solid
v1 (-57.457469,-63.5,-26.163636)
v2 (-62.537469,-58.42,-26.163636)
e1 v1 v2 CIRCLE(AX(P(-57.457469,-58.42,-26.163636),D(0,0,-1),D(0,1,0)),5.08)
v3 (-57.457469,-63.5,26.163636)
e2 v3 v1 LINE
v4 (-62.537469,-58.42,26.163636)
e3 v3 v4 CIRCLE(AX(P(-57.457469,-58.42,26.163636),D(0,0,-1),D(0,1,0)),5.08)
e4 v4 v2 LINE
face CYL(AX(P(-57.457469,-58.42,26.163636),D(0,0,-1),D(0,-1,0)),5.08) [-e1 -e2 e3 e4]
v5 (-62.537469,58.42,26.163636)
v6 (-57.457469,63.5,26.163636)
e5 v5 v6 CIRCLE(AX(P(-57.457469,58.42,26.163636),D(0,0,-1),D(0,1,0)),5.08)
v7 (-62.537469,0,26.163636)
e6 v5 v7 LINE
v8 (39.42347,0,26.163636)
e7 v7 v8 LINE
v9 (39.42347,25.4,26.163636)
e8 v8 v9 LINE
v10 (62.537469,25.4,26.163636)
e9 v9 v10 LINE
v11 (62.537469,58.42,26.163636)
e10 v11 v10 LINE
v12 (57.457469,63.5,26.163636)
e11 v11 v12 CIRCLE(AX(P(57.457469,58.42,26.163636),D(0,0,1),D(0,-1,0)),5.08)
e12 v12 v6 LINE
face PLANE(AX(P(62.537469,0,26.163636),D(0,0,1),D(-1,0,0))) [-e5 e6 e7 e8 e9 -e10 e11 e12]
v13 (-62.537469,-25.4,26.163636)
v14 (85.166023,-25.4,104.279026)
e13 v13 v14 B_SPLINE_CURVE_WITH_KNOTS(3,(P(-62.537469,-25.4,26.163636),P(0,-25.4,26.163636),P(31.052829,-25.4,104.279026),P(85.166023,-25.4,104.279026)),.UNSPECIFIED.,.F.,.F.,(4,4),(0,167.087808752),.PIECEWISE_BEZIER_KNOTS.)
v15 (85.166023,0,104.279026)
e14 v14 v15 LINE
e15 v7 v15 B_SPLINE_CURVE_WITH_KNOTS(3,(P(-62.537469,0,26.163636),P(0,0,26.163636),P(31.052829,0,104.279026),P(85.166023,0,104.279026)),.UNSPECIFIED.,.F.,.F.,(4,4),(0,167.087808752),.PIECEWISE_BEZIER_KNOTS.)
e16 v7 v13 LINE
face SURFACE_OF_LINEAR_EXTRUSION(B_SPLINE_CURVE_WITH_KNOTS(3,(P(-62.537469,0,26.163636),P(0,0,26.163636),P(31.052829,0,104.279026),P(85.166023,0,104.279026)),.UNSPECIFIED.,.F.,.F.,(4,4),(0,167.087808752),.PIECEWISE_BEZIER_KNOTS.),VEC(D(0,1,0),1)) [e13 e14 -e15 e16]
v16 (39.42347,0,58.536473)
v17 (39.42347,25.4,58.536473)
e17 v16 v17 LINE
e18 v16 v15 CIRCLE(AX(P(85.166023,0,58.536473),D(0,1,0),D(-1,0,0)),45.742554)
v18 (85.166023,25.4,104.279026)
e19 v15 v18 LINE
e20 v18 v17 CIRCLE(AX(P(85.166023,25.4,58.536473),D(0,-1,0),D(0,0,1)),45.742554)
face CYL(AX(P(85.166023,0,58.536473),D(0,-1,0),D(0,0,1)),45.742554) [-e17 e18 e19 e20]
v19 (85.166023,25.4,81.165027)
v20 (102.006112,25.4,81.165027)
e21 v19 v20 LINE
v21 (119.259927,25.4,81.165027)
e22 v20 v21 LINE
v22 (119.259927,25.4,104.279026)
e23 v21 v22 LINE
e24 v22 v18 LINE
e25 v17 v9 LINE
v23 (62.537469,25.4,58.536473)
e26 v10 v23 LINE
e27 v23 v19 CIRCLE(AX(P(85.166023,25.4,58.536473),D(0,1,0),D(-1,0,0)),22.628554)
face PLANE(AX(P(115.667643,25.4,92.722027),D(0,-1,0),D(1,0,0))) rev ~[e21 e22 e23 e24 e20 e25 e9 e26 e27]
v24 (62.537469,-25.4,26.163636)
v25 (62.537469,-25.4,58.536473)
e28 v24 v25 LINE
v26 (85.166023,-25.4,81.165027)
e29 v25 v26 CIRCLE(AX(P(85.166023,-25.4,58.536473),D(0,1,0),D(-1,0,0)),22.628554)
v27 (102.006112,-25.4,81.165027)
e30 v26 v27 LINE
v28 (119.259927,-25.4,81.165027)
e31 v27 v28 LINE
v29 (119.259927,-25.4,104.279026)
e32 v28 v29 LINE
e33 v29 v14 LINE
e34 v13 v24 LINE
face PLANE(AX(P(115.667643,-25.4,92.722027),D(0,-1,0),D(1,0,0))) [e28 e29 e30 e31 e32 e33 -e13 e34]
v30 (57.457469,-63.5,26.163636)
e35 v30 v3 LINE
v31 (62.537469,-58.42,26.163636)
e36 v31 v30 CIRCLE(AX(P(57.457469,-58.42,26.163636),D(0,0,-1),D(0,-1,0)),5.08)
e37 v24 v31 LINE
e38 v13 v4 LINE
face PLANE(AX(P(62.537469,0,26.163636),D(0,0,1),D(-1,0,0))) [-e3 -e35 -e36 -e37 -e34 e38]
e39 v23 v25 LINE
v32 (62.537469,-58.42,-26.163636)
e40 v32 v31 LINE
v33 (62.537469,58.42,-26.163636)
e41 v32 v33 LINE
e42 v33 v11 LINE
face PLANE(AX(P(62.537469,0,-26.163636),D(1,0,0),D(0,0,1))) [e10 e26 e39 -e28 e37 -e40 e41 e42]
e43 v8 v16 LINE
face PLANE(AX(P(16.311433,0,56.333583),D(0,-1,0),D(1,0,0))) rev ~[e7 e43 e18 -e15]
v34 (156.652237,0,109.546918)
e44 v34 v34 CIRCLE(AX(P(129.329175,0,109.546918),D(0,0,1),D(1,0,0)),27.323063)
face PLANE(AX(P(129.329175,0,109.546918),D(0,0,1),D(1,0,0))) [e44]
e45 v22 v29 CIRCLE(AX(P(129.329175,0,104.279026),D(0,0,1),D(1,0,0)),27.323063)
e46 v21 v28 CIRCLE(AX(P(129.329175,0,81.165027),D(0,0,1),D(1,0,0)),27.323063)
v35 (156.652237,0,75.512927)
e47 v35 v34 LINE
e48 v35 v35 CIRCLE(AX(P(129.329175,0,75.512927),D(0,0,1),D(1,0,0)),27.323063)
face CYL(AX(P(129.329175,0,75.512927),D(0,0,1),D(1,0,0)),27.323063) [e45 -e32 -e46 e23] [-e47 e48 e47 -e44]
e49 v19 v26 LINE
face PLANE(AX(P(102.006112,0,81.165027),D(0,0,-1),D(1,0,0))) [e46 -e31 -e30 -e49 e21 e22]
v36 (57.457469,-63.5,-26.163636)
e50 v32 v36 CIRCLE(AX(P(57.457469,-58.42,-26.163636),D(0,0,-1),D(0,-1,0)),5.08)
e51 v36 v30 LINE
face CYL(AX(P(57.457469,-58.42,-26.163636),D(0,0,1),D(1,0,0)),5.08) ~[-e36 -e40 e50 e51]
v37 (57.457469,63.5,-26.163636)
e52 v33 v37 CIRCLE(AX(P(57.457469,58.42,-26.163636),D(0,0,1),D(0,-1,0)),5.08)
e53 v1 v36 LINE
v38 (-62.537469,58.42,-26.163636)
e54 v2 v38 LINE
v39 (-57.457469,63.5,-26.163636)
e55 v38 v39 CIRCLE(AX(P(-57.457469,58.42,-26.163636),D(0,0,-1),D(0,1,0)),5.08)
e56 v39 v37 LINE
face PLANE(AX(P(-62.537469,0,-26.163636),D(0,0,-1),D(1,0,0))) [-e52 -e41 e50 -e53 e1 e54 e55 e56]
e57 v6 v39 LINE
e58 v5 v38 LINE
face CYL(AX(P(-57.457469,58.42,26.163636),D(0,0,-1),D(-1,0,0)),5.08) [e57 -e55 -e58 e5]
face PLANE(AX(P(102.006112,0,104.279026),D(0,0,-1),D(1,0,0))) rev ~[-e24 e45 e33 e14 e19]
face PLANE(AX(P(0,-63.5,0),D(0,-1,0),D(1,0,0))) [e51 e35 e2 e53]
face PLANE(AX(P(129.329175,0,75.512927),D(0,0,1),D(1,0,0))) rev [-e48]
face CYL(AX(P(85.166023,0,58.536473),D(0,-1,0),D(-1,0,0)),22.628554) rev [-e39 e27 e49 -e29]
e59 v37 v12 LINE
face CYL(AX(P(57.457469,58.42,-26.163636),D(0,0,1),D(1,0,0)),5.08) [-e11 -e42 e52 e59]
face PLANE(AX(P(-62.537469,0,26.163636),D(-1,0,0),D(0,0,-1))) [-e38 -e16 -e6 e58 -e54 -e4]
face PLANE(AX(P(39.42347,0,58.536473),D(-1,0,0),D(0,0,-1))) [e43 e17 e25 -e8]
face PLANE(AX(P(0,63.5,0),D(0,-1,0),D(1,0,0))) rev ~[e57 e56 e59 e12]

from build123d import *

# Parameters (mm, degrees)
F1_DEPTH = 63.5
F2_DEPTH = 25.4
F3_DEPTH = 25.4
F0_W     = 27.3230625695
F0_H     = 23.1139993296
F4_DEPTH = 25.4
F6_R     = 5.08
F7_R     = 5.08
F8_R     = 5.08


with BuildPart() as f1:
    # F0 (on Front) → F1 (new body, symmetric)
    with BuildSketch(Plane.XZ):
        Polygon((62.5374689698, -26.1636357754), (62.5374689698, 26.1636357754), (39.4234696403, 26.1636357754), (-62.5374689698, 26.1636357754), (-62.5374689698, -26.1636357754), align=None)
    extrude(amount=F1_DEPTH, both=True)

    # F0 (on Front) → F2 (join, symmetric)
    with BuildSketch(Plane.XZ):
        with BuildLine():
            Line((39.4234696403, 26.1636357754), (62.5374689698, 26.1636357754))
            Line((62.5374689698, 26.1636357754), (62.5374689698, 58.5364728849))
            ThreePointArc((62.5374689698, 58.5364728849), (69.1652190391, 74.5372769902), (85.1660231445, 81.1650270596))
            Line((85.1660231445, 81.1650270596), (102.0061121875, 81.1650270596))
            Line((102.0061121875, 81.1650270596), (102.0061121875, 104.2790263891))
            Line((102.0061121875, 104.2790263891), (85.1660231445, 104.2790263891))
            ThreePointArc((85.1660231445, 104.2790263891), (52.8211533729, 90.8813426565), (39.4234696403, 58.5364728849))
            Line((39.4234696403, 58.5364728849), (39.4234696403, 26.1636357754))
        make_face()
    extrude(amount=F2_DEPTH, both=True)

    # F0 (on Front) → F3 (join)
    with BuildSketch(Plane.XZ):
        with BuildLine():
            Line((-62.5374689698, 26.1636357754), (39.4234696403, 26.1636357754))
            Line((39.4234696403, 26.1636357754), (39.4234696403, 58.5364728849))
            ThreePointArc((39.4234696403, 58.5364728849), (52.8211533729, 90.8813426565), (85.1660231445, 104.2790263891))
            add(Edge.make_bspline(
                [(-62.5374689698, 26.1636357754), (0, 26.1636357754), (31.0528287573, 104.2790263891), (85.1660231445, 104.2790263891)],
                knots=[0, 0, 0, 0, 167.0878087519, 167.0878087519, 167.0878087519, 167.0878087519], degree=3))
        make_face()
    extrude(amount=F3_DEPTH)

    # F0 (on Front) → F4 (join, symmetric)
    with BuildSketch(Plane.XZ):
        with Locations((115.6676434722, 92.7220267243)):
            Rectangle(F0_W, F0_H)
    extrude(amount=F4_DEPTH, both=True)

    # F0 (on Front) → F5 (revolve)
    with BuildSketch(Plane.XZ):
        Polygon((129.329174757, 104.2790263891), (129.329174757, 81.1650270596), (129.329174757, 75.5129270256), (156.6522373265, 75.5129270256), (156.6522373265, 109.546918422), (129.329174757, 109.546918422), align=None)
    revolve(axis=Axis((129.329174757, 0, 92.5299227238), (0, 0, 1)))

    # F6
    f6_edges = [f1.edges().sort_by_distance(p)[0] for p in [
        (62.537469, -63.5, 0),
    ]]
    fillet(f6_edges, radius=F6_R)

    # F7
    f7_edges = [f1.edges().sort_by_distance(p)[0] for p in [
        (-62.537469, -63.5, 0),
    ]]
    fillet(f7_edges, radius=F7_R)

    # F8
    f8_edges = [f1.edges().sort_by_distance(p)[0] for p in [
        (-62.537469, 63.5, 0),
        (62.537469, 63.5, 0),
    ]]
    fillet(f8_edges, radius=F8_R)


solid = f1.part
